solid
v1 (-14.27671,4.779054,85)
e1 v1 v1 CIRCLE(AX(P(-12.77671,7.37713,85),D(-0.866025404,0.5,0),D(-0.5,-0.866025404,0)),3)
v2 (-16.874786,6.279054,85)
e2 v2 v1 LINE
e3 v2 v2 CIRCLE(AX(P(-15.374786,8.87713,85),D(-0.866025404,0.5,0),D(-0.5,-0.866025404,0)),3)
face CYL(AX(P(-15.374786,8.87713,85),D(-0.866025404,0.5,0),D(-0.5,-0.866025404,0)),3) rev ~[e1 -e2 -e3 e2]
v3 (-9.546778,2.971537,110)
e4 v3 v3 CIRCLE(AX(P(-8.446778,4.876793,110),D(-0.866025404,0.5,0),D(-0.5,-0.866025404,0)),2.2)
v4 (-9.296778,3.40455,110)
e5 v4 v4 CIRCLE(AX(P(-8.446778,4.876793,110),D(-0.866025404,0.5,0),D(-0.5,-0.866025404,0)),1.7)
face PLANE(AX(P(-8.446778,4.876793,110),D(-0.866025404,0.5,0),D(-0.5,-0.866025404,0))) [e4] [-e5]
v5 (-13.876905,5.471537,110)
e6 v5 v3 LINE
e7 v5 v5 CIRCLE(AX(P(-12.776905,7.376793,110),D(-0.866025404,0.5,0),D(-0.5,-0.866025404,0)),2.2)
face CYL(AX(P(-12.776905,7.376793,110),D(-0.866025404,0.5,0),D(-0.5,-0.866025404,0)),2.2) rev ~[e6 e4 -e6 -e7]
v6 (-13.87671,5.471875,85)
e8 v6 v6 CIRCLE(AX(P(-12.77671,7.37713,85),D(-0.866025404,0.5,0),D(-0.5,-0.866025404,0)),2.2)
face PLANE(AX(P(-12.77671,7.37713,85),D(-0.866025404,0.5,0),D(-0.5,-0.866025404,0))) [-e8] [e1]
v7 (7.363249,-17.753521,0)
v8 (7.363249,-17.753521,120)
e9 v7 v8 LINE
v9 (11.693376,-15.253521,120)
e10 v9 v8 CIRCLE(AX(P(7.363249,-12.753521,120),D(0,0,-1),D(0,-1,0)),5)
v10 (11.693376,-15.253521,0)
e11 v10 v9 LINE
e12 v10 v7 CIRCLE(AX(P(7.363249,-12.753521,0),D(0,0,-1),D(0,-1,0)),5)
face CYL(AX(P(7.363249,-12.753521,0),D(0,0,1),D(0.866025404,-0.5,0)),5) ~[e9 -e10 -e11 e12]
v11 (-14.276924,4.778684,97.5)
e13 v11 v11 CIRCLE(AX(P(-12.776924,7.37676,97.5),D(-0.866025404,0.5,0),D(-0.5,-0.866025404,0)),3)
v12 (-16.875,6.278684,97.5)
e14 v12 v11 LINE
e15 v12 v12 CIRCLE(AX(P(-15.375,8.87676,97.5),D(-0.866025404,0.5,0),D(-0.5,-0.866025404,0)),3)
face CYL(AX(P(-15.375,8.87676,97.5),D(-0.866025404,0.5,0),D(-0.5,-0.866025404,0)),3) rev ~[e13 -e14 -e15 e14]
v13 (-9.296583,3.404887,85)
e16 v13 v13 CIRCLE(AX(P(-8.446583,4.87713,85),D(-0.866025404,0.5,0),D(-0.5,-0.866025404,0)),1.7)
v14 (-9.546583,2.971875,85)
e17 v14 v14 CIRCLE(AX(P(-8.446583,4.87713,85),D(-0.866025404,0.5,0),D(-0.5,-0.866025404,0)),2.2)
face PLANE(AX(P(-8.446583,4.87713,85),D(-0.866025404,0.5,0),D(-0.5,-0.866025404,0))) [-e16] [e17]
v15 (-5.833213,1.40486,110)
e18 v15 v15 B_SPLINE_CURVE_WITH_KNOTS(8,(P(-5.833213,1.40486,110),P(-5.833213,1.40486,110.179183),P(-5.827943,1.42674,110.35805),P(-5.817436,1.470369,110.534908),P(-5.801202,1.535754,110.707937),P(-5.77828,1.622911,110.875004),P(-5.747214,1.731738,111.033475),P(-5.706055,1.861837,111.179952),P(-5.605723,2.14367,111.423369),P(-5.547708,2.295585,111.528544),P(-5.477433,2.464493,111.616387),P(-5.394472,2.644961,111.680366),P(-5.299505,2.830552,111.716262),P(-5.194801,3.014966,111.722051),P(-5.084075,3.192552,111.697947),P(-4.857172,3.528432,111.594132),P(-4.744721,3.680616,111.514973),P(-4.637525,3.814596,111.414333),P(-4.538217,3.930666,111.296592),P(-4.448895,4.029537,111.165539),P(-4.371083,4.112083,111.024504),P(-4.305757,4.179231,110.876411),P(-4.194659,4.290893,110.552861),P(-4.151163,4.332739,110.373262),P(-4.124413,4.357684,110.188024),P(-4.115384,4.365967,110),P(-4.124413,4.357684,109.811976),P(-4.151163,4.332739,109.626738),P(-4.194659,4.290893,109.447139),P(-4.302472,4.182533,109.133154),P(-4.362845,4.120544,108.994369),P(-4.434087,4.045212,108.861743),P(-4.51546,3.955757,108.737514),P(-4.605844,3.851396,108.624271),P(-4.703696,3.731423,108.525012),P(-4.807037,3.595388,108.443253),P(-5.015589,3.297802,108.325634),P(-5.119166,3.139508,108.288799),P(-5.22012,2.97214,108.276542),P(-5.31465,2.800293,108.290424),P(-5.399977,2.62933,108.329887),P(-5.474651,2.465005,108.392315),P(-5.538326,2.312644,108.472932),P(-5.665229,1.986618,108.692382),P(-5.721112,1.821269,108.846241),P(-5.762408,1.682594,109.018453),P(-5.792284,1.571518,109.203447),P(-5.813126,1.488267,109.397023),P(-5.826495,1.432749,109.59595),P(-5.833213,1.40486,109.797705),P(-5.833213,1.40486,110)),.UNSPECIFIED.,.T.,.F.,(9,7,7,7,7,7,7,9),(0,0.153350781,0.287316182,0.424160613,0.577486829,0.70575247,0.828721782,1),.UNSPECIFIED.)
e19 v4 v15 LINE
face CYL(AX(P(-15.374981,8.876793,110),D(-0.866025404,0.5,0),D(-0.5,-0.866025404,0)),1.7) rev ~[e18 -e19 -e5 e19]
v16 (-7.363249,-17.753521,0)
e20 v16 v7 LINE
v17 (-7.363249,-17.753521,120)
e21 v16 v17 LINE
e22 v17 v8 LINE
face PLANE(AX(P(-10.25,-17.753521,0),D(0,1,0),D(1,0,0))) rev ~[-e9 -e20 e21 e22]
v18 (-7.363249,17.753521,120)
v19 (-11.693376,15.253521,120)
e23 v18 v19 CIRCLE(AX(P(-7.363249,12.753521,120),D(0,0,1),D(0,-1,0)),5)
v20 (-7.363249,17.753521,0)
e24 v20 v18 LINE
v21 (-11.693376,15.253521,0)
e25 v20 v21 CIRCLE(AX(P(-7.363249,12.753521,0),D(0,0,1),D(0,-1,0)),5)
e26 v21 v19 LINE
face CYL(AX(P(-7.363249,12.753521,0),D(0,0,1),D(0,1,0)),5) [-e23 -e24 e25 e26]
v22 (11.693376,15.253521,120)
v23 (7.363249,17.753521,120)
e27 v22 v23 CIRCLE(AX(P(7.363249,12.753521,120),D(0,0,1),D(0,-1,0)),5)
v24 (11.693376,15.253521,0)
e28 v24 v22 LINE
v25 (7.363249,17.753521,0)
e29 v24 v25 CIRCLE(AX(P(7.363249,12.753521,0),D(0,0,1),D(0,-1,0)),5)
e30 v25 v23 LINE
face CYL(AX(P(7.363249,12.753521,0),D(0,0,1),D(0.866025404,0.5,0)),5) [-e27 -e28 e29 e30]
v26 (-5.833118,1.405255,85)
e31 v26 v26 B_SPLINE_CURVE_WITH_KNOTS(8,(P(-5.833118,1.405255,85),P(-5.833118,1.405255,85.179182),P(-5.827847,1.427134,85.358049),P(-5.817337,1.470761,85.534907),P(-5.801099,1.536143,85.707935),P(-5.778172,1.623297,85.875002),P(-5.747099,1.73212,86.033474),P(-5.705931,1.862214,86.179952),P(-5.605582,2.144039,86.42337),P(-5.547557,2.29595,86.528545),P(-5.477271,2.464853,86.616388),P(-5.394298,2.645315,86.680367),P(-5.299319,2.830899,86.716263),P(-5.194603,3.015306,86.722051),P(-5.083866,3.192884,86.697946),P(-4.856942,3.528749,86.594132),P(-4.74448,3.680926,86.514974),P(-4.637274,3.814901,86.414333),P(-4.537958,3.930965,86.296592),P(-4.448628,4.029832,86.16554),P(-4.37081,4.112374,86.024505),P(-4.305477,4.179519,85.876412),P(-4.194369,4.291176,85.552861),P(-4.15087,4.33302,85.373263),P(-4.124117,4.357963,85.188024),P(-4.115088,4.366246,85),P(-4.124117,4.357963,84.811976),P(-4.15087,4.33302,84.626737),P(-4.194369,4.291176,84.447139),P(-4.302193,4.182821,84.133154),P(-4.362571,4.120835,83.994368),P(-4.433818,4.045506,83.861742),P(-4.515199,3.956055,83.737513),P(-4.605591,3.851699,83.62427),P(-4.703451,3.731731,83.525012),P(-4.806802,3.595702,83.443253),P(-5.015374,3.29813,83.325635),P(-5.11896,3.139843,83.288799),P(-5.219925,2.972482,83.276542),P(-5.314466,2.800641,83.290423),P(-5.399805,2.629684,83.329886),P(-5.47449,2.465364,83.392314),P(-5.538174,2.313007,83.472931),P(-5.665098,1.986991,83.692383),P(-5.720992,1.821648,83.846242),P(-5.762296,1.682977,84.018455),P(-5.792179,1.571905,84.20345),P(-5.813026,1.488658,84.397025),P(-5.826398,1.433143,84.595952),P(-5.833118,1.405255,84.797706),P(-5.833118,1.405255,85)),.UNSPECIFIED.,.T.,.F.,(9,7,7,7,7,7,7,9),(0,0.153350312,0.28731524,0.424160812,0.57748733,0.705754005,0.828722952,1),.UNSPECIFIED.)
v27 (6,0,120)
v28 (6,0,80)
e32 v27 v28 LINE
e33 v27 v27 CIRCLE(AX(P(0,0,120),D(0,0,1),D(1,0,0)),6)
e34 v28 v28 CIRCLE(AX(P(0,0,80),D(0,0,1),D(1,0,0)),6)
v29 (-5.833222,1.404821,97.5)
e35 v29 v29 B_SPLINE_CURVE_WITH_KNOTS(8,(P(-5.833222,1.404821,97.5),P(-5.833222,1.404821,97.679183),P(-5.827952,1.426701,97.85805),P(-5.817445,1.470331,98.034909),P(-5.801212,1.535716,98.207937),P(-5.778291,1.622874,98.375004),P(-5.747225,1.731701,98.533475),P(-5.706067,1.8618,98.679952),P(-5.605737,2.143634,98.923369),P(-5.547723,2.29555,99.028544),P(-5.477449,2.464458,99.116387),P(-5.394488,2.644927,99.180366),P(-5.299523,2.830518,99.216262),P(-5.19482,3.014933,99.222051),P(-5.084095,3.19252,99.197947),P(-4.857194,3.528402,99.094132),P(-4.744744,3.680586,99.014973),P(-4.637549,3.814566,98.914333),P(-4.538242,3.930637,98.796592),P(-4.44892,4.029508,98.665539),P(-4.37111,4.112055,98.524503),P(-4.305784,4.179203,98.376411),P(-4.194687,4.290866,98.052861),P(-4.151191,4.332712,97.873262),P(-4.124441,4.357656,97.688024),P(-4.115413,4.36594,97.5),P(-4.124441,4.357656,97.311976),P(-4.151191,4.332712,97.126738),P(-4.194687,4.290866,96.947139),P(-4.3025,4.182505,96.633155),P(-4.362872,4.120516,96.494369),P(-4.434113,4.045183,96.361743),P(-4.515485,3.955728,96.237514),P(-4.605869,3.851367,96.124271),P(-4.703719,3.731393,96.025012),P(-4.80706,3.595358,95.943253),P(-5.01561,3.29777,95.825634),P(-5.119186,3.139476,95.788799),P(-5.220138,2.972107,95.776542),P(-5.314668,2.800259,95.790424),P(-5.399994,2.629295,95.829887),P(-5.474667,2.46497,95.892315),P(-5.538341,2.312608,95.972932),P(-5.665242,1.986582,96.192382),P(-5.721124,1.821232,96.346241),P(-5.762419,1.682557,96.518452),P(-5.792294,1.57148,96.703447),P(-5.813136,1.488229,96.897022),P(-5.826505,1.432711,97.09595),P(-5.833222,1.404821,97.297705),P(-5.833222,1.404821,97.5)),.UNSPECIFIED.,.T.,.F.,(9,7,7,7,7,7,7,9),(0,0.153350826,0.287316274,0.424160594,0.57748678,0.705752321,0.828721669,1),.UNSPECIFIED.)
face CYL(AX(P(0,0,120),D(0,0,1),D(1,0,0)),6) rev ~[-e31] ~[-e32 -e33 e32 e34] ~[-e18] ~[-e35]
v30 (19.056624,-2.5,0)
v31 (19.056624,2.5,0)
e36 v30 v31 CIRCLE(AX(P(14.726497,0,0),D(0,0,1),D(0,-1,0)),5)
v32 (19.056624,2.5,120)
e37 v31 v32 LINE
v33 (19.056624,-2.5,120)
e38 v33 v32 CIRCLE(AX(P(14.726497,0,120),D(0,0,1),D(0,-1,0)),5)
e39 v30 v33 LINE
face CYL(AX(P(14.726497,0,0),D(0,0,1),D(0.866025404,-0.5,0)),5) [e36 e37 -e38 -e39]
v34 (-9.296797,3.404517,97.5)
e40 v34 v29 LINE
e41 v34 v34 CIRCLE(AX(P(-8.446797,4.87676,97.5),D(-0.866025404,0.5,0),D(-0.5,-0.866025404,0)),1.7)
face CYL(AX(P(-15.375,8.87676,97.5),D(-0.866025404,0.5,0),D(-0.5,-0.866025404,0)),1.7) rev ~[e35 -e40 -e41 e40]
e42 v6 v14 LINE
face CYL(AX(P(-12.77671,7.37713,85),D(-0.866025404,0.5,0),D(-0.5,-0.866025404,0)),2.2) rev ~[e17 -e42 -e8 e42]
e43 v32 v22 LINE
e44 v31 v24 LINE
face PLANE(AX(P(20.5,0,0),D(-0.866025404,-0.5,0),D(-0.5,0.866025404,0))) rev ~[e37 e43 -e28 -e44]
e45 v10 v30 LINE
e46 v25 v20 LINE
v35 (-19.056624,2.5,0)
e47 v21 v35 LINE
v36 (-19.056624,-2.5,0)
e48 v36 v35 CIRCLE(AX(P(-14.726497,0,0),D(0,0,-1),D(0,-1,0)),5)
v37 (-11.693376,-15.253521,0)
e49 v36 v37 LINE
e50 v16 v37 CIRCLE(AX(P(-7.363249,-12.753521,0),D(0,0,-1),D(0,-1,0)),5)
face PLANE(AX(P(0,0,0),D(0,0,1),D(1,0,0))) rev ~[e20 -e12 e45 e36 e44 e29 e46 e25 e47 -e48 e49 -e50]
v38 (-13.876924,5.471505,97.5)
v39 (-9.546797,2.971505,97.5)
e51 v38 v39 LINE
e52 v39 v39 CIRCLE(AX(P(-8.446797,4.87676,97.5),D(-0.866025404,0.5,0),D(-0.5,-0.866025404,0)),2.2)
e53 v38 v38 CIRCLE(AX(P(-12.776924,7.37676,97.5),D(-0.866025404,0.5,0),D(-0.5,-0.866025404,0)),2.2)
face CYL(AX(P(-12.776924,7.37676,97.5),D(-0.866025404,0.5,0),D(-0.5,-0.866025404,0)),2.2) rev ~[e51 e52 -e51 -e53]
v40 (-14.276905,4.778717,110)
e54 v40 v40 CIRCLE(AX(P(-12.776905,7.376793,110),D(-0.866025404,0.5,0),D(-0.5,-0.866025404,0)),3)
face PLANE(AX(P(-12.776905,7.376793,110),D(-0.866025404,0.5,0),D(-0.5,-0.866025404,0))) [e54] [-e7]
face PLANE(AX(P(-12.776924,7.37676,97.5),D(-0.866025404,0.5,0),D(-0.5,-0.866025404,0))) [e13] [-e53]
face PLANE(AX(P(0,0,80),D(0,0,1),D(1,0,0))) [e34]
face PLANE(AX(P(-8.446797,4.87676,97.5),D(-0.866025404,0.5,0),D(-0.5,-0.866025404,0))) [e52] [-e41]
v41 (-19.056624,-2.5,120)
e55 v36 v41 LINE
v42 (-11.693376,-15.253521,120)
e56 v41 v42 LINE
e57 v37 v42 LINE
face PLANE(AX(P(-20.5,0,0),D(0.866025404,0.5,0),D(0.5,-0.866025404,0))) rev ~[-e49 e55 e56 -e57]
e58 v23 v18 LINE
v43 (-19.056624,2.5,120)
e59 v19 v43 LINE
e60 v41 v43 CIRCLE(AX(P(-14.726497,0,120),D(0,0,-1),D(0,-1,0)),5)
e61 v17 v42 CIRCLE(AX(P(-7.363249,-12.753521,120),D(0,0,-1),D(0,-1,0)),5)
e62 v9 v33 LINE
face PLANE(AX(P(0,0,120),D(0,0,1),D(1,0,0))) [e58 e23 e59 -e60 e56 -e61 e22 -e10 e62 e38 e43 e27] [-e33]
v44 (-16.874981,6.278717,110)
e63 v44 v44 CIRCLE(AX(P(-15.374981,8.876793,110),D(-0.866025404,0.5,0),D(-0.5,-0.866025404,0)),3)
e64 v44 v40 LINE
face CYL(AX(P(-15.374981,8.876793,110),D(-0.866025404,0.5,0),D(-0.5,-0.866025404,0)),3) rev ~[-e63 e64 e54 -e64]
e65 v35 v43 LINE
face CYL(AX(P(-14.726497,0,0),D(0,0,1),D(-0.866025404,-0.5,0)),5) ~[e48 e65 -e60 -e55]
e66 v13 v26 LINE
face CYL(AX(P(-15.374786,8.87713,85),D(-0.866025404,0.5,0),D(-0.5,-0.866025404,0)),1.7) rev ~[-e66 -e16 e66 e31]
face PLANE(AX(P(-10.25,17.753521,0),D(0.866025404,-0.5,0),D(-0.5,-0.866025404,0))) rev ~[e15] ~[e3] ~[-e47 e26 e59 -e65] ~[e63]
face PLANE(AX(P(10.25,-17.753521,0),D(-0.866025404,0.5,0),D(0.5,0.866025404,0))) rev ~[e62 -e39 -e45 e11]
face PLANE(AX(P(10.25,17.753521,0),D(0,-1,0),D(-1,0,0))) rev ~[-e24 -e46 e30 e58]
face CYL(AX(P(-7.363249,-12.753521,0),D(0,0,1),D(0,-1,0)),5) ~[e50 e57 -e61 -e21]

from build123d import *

# Parameters (mm, degrees)
PAD_DEPTH       = 120
SKETCH001_R     = 6
POCKET_DEPTH    = 40
SKETCH002_R     = 1.7
POCKET001_DEPTH = 14
SKETCH003_R     = 3
POCKET002_DEPTH = 3
SKETCH004_R     = 2.2
POCKET003_DEPTH = 5
FILLET_R        = 5


with BuildPart() as part:
    # Sketch → Pad (new body)
    with BuildSketch(Plane.XY):
        Polygon((10.25, -17.7535207776), (20.5, 0), (10.25, 17.7535207776), (-10.25, 17.7535207776), (-20.5, 0), (-10.25, -17.7535207776), align=None)
    extrude(amount=PAD_DEPTH)

    # Sketch001 (on Face8 of Pad) → Pocket (cut)
    with BuildSketch(Plane.XY.offset(120)):
        Circle(SKETCH001_R)
    extrude(amount=-POCKET_DEPTH, mode=Mode.SUBTRACT)

    # Sketch002 (on Face8 of Pocket) → Pocket001 (cut)
    with BuildSketch(Plane(origin=(-15.375, 8.8767603888, 0), x_dir=(-0.5, -0.8660254038, 0), z_dir=(-0.8660254038, 0.5, 0))):
        with Locations((-3.77921e-05, 109.999999997)):
            Circle(SKETCH002_R)
        with Locations((0, 97.5)):
            Circle(SKETCH002_R)
        with Locations((-0.0004273495, 85)):
            Circle(SKETCH002_R)
    extrude(amount=-POCKET001_DEPTH, mode=Mode.SUBTRACT)

    # Sketch003 (on Face8 of Pocket001) → Pocket002 (cut)
    with BuildSketch(Plane(origin=(-15.375, 8.8767603888, 0), x_dir=(-0.5, -0.8660254038, 0), z_dir=(-0.8660254038, 0.5, 0))):
        with Locations((-0.0004273495, 85)):
            Circle(SKETCH003_R)
        with Locations((0, 97.5)):
            Circle(SKETCH003_R)
        with Locations((-3.77921e-05, 109.999999997)):
            Circle(SKETCH003_R)
    extrude(amount=-POCKET002_DEPTH, mode=Mode.SUBTRACT)

    # Sketch004 (on Face18 of Pocket002) → Pocket003 (cut)
    with BuildSketch(Plane(origin=(-12.7769237886, 7.3767603888, 0), x_dir=(-0.5, -0.8660254038, 0), z_dir=(-0.8660254038, 0.5, 0))):
        with Locations((-0.0004273495, 85)):
            Circle(SKETCH004_R)
        with Locations((-3.77921e-05, 109.999999997)):
            Circle(SKETCH004_R)
        with Locations((0, 97.5)):
            Circle(SKETCH004_R)
    extrude(amount=-POCKET003_DEPTH, mode=Mode.SUBTRACT)

    # Fillet
    fillet_edges = [part.edges().sort_by_distance(p)[0] for p in [
        (20.5, 0, 60),
        (-20.5, 0, 60),
        (10.25, -17.753521, 60),
        (-10.25, -17.753521, 60),
        (-10.25, 17.753521, 60),
        (10.25, 17.753521, 60),
    ]]
    fillet(fillet_edges, radius=FILLET_R)


solid = part.part
